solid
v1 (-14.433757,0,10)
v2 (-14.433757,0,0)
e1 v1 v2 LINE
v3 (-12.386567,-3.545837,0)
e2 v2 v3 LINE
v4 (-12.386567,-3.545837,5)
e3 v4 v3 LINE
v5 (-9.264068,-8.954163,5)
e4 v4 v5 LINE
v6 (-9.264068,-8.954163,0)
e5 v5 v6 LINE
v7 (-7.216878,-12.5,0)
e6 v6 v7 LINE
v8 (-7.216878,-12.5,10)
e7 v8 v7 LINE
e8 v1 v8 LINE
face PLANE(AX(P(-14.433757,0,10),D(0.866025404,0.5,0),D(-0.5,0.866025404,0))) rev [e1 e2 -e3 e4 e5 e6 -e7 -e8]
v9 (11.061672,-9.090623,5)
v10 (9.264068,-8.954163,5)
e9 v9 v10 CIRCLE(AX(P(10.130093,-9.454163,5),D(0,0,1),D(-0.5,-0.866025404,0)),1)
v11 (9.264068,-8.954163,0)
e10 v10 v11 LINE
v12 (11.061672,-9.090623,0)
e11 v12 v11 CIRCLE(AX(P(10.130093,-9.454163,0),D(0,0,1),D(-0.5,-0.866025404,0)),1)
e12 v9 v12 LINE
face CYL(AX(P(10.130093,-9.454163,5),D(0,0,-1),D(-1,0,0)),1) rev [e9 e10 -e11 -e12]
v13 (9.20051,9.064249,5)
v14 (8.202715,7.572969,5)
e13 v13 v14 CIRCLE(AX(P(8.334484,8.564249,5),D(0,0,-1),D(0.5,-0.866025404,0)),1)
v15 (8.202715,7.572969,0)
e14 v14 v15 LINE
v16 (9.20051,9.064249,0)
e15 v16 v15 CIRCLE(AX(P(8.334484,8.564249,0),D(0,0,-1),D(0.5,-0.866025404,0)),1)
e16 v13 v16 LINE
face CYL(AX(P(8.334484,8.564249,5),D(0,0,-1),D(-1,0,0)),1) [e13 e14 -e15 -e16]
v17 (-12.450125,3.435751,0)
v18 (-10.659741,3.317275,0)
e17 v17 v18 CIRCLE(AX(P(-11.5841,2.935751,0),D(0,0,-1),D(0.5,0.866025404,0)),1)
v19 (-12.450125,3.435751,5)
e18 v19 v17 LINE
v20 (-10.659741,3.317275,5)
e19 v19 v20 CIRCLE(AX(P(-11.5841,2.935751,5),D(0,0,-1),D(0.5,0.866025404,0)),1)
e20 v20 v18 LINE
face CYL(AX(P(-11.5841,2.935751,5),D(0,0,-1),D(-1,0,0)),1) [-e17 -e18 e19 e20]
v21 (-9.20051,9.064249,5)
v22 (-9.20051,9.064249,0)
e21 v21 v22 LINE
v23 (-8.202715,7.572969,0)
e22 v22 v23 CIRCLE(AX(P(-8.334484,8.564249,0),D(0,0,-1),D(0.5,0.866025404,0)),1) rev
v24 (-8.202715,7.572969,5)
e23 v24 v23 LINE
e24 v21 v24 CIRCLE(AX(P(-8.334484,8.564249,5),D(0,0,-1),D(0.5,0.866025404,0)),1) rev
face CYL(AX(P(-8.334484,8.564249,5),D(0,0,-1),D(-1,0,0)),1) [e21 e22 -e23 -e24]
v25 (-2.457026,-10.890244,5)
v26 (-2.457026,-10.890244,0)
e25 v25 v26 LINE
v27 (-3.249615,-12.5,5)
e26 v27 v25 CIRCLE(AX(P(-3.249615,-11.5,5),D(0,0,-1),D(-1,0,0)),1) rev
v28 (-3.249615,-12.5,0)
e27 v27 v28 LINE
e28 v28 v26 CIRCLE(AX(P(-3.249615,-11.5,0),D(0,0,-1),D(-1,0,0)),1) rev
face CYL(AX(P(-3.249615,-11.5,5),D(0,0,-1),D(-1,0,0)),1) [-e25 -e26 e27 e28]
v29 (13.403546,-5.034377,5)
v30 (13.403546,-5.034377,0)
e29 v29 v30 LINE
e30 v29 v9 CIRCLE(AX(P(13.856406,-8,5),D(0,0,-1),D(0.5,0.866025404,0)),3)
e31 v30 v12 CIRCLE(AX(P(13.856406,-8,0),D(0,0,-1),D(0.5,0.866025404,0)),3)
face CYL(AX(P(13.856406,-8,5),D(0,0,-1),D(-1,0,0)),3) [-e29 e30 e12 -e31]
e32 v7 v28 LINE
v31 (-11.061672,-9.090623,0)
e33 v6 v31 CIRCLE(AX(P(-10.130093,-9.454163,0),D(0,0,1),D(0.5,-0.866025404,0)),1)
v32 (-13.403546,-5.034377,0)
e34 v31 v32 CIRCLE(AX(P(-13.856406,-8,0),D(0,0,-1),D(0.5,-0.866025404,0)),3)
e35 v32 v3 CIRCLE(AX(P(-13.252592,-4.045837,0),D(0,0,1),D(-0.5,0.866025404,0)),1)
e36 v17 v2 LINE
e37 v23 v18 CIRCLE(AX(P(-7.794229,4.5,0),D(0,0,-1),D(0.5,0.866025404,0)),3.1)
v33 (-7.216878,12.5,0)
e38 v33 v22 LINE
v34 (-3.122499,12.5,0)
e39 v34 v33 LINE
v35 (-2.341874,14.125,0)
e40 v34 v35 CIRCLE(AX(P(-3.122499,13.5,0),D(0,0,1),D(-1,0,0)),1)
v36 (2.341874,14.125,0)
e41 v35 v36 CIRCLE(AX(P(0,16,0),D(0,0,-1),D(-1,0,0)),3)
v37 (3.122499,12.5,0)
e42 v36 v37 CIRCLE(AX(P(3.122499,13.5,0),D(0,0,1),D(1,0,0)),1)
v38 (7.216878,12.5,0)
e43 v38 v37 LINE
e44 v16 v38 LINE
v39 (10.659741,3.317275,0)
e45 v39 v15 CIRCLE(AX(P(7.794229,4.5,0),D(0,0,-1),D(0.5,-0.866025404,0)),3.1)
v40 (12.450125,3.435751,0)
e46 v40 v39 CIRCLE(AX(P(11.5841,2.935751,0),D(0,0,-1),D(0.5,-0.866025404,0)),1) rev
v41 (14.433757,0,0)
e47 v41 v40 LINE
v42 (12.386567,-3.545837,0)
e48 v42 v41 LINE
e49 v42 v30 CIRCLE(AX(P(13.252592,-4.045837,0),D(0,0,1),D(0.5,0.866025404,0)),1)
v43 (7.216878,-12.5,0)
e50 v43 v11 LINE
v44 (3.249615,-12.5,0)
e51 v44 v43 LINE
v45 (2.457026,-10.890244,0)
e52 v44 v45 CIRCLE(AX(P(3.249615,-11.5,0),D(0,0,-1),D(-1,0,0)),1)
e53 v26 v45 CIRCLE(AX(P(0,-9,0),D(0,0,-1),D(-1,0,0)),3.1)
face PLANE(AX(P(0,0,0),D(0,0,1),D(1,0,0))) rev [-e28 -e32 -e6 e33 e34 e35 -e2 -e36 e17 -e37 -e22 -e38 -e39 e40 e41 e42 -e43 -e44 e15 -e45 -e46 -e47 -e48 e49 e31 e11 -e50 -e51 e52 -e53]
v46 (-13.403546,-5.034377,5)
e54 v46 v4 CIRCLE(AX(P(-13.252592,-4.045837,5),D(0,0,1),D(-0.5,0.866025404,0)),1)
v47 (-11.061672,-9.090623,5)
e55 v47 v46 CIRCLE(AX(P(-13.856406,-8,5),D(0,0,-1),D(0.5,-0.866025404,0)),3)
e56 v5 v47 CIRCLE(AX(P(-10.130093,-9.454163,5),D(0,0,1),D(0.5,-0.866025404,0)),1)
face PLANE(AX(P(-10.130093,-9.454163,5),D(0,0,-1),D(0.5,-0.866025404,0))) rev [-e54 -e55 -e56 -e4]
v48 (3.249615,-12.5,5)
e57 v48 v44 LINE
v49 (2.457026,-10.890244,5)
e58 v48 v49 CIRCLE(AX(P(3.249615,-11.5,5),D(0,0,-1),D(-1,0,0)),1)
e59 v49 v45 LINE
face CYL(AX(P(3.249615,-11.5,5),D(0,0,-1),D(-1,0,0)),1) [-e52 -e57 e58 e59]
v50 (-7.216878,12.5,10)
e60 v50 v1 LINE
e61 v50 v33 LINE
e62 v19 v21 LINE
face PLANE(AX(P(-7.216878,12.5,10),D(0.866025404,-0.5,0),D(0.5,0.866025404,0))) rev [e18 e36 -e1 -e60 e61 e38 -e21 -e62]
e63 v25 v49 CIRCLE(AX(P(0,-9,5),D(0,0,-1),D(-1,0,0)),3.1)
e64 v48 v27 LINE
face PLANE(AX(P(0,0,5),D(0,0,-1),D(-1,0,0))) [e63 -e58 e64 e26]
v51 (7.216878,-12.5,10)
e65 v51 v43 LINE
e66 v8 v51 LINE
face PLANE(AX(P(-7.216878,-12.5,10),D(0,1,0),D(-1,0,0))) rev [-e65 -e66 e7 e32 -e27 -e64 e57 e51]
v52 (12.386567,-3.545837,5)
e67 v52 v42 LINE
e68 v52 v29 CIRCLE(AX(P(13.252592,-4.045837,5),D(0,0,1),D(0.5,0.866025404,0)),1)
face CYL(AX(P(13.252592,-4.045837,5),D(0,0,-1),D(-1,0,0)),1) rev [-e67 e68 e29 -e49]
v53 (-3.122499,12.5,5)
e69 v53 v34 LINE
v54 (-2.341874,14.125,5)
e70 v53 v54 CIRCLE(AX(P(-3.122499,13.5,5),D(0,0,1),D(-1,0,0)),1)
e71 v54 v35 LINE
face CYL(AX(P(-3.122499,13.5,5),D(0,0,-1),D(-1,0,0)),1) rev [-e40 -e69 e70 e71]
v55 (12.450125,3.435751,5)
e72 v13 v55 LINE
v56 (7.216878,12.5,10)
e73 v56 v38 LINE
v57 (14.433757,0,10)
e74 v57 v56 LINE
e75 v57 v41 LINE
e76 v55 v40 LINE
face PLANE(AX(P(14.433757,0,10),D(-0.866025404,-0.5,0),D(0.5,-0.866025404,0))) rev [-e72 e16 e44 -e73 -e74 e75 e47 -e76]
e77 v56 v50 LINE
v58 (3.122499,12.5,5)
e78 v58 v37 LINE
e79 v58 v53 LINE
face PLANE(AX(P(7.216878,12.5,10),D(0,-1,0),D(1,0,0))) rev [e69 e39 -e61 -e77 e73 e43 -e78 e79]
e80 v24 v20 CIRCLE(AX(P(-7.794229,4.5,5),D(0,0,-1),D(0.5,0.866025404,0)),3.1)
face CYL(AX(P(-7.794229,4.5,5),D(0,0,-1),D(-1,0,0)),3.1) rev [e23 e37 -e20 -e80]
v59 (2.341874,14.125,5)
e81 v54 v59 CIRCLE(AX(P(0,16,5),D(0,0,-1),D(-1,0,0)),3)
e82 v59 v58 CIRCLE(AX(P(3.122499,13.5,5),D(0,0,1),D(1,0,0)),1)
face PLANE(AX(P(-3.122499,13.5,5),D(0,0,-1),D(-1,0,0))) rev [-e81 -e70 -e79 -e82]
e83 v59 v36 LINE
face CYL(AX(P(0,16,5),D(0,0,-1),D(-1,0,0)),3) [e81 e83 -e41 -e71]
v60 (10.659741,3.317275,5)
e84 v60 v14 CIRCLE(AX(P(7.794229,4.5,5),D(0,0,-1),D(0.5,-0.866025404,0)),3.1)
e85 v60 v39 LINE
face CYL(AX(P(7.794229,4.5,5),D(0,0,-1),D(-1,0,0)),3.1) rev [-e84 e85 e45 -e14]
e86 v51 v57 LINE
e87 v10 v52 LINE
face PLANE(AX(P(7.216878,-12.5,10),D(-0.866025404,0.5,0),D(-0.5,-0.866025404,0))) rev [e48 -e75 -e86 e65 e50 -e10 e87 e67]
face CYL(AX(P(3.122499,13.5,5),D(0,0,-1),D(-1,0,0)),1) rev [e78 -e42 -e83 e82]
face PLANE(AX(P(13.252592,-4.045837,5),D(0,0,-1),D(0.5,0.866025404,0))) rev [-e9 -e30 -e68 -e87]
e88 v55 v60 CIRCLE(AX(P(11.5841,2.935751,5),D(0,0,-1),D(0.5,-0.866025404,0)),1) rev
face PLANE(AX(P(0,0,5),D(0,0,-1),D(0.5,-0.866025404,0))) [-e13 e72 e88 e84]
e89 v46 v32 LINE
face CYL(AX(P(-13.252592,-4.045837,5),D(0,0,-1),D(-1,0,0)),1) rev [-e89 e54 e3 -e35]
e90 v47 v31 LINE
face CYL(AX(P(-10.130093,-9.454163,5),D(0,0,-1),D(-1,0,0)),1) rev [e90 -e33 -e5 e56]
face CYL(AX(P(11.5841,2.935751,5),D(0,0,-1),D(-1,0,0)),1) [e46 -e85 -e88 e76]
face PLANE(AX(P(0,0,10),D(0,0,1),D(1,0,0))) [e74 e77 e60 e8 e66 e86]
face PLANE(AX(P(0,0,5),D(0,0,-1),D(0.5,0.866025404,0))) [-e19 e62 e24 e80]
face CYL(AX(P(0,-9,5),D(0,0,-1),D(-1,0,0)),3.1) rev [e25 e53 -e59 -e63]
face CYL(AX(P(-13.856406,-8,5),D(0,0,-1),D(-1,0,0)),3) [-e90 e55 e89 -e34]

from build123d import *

# Parameters (mm, degrees)
EXTRUDE_1_DEPTH          = 10
EXTRUDE_2_DEPTH          = 5
CUT_EXTRUDE_2_DEPTH      = 5
PATTERN_CIRCULAR_1_COUNT = 3


with BuildPart() as part:
    # 草图1 → 凸台-拉伸1 (new body)
    with BuildSketch(Plane.XY):
        Polygon((14.43375673, 0), (7.216878365, 12.5), (-7.216878365, 12.5), (-14.43375673, 0), (-7.216878365, -12.5), (7.216878365, -12.5), align=None)
    extrude(amount=EXTRUDE_1_DEPTH)

    # 草图2 → 凸台-拉伸2 (add)
    with BuildSketch(Plane(origin=(0, 0, 0), x_dir=(-1, 0, 0), z_dir=(0, 0, -1))):
        with BuildLine():
            Line((-3.122498999, 12.5), (3.122498999, 12.5))
            ThreePointArc((3.122498999, 12.5), (2.22111118, 13.066987298), (2.341874249, 14.125))
            ThreePointArc((2.341874249, 14.125), (0, 19), (-2.341874249, 14.125))
            ThreePointArc((-2.341874249, 14.125), (-2.22111118, 13.066987298), (-3.122498999, 12.5))
        make_face()
    extrude_2 = extrude(amount=-EXTRUDE_2_DEPTH)

    # 草图3 → 切除-拉伸2 (cut)
    with BuildSketch(Plane(origin=(0, 0, 0), x_dir=(-1, 0, 0), z_dir=(0, 0, -1))):
        with BuildLine():
            ThreePointArc((-2.457026249, -10.890243902), (-2.352465403, -11.941726104), (-3.249615362, -12.5))
            Line((-3.249615362, -12.5), (0, -12.5))
            Line((0, -12.5), (3.249615362, -12.5))
            ThreePointArc((3.249615362, -12.5), (2.352465403, -11.941726104), (2.457026249, -10.890243902))
            ThreePointArc((2.457026249, -10.890243902), (0, -5.9), (-2.457026249, -10.890243902))
        make_face()
    cut_extrude_2 = extrude(amount=-CUT_EXTRUDE_2_DEPTH, mode=Mode.SUBTRACT)

    # 阵列(圆周)1: 凸台-拉伸2, 切除-拉伸2 ×3 about axis
    pattern_circular_1_axis = Axis((0, 0, 0), (0, 0, -1))
    add([extrude_2.rotate(pattern_circular_1_axis, i * 360 / PATTERN_CIRCULAR_1_COUNT) for i in range(1, PATTERN_CIRCULAR_1_COUNT)])
    add([cut_extrude_2.rotate(pattern_circular_1_axis, i * 360 / PATTERN_CIRCULAR_1_COUNT) for i in range(1, PATTERN_CIRCULAR_1_COUNT)], mode=Mode.SUBTRACT)


solid = part.part
